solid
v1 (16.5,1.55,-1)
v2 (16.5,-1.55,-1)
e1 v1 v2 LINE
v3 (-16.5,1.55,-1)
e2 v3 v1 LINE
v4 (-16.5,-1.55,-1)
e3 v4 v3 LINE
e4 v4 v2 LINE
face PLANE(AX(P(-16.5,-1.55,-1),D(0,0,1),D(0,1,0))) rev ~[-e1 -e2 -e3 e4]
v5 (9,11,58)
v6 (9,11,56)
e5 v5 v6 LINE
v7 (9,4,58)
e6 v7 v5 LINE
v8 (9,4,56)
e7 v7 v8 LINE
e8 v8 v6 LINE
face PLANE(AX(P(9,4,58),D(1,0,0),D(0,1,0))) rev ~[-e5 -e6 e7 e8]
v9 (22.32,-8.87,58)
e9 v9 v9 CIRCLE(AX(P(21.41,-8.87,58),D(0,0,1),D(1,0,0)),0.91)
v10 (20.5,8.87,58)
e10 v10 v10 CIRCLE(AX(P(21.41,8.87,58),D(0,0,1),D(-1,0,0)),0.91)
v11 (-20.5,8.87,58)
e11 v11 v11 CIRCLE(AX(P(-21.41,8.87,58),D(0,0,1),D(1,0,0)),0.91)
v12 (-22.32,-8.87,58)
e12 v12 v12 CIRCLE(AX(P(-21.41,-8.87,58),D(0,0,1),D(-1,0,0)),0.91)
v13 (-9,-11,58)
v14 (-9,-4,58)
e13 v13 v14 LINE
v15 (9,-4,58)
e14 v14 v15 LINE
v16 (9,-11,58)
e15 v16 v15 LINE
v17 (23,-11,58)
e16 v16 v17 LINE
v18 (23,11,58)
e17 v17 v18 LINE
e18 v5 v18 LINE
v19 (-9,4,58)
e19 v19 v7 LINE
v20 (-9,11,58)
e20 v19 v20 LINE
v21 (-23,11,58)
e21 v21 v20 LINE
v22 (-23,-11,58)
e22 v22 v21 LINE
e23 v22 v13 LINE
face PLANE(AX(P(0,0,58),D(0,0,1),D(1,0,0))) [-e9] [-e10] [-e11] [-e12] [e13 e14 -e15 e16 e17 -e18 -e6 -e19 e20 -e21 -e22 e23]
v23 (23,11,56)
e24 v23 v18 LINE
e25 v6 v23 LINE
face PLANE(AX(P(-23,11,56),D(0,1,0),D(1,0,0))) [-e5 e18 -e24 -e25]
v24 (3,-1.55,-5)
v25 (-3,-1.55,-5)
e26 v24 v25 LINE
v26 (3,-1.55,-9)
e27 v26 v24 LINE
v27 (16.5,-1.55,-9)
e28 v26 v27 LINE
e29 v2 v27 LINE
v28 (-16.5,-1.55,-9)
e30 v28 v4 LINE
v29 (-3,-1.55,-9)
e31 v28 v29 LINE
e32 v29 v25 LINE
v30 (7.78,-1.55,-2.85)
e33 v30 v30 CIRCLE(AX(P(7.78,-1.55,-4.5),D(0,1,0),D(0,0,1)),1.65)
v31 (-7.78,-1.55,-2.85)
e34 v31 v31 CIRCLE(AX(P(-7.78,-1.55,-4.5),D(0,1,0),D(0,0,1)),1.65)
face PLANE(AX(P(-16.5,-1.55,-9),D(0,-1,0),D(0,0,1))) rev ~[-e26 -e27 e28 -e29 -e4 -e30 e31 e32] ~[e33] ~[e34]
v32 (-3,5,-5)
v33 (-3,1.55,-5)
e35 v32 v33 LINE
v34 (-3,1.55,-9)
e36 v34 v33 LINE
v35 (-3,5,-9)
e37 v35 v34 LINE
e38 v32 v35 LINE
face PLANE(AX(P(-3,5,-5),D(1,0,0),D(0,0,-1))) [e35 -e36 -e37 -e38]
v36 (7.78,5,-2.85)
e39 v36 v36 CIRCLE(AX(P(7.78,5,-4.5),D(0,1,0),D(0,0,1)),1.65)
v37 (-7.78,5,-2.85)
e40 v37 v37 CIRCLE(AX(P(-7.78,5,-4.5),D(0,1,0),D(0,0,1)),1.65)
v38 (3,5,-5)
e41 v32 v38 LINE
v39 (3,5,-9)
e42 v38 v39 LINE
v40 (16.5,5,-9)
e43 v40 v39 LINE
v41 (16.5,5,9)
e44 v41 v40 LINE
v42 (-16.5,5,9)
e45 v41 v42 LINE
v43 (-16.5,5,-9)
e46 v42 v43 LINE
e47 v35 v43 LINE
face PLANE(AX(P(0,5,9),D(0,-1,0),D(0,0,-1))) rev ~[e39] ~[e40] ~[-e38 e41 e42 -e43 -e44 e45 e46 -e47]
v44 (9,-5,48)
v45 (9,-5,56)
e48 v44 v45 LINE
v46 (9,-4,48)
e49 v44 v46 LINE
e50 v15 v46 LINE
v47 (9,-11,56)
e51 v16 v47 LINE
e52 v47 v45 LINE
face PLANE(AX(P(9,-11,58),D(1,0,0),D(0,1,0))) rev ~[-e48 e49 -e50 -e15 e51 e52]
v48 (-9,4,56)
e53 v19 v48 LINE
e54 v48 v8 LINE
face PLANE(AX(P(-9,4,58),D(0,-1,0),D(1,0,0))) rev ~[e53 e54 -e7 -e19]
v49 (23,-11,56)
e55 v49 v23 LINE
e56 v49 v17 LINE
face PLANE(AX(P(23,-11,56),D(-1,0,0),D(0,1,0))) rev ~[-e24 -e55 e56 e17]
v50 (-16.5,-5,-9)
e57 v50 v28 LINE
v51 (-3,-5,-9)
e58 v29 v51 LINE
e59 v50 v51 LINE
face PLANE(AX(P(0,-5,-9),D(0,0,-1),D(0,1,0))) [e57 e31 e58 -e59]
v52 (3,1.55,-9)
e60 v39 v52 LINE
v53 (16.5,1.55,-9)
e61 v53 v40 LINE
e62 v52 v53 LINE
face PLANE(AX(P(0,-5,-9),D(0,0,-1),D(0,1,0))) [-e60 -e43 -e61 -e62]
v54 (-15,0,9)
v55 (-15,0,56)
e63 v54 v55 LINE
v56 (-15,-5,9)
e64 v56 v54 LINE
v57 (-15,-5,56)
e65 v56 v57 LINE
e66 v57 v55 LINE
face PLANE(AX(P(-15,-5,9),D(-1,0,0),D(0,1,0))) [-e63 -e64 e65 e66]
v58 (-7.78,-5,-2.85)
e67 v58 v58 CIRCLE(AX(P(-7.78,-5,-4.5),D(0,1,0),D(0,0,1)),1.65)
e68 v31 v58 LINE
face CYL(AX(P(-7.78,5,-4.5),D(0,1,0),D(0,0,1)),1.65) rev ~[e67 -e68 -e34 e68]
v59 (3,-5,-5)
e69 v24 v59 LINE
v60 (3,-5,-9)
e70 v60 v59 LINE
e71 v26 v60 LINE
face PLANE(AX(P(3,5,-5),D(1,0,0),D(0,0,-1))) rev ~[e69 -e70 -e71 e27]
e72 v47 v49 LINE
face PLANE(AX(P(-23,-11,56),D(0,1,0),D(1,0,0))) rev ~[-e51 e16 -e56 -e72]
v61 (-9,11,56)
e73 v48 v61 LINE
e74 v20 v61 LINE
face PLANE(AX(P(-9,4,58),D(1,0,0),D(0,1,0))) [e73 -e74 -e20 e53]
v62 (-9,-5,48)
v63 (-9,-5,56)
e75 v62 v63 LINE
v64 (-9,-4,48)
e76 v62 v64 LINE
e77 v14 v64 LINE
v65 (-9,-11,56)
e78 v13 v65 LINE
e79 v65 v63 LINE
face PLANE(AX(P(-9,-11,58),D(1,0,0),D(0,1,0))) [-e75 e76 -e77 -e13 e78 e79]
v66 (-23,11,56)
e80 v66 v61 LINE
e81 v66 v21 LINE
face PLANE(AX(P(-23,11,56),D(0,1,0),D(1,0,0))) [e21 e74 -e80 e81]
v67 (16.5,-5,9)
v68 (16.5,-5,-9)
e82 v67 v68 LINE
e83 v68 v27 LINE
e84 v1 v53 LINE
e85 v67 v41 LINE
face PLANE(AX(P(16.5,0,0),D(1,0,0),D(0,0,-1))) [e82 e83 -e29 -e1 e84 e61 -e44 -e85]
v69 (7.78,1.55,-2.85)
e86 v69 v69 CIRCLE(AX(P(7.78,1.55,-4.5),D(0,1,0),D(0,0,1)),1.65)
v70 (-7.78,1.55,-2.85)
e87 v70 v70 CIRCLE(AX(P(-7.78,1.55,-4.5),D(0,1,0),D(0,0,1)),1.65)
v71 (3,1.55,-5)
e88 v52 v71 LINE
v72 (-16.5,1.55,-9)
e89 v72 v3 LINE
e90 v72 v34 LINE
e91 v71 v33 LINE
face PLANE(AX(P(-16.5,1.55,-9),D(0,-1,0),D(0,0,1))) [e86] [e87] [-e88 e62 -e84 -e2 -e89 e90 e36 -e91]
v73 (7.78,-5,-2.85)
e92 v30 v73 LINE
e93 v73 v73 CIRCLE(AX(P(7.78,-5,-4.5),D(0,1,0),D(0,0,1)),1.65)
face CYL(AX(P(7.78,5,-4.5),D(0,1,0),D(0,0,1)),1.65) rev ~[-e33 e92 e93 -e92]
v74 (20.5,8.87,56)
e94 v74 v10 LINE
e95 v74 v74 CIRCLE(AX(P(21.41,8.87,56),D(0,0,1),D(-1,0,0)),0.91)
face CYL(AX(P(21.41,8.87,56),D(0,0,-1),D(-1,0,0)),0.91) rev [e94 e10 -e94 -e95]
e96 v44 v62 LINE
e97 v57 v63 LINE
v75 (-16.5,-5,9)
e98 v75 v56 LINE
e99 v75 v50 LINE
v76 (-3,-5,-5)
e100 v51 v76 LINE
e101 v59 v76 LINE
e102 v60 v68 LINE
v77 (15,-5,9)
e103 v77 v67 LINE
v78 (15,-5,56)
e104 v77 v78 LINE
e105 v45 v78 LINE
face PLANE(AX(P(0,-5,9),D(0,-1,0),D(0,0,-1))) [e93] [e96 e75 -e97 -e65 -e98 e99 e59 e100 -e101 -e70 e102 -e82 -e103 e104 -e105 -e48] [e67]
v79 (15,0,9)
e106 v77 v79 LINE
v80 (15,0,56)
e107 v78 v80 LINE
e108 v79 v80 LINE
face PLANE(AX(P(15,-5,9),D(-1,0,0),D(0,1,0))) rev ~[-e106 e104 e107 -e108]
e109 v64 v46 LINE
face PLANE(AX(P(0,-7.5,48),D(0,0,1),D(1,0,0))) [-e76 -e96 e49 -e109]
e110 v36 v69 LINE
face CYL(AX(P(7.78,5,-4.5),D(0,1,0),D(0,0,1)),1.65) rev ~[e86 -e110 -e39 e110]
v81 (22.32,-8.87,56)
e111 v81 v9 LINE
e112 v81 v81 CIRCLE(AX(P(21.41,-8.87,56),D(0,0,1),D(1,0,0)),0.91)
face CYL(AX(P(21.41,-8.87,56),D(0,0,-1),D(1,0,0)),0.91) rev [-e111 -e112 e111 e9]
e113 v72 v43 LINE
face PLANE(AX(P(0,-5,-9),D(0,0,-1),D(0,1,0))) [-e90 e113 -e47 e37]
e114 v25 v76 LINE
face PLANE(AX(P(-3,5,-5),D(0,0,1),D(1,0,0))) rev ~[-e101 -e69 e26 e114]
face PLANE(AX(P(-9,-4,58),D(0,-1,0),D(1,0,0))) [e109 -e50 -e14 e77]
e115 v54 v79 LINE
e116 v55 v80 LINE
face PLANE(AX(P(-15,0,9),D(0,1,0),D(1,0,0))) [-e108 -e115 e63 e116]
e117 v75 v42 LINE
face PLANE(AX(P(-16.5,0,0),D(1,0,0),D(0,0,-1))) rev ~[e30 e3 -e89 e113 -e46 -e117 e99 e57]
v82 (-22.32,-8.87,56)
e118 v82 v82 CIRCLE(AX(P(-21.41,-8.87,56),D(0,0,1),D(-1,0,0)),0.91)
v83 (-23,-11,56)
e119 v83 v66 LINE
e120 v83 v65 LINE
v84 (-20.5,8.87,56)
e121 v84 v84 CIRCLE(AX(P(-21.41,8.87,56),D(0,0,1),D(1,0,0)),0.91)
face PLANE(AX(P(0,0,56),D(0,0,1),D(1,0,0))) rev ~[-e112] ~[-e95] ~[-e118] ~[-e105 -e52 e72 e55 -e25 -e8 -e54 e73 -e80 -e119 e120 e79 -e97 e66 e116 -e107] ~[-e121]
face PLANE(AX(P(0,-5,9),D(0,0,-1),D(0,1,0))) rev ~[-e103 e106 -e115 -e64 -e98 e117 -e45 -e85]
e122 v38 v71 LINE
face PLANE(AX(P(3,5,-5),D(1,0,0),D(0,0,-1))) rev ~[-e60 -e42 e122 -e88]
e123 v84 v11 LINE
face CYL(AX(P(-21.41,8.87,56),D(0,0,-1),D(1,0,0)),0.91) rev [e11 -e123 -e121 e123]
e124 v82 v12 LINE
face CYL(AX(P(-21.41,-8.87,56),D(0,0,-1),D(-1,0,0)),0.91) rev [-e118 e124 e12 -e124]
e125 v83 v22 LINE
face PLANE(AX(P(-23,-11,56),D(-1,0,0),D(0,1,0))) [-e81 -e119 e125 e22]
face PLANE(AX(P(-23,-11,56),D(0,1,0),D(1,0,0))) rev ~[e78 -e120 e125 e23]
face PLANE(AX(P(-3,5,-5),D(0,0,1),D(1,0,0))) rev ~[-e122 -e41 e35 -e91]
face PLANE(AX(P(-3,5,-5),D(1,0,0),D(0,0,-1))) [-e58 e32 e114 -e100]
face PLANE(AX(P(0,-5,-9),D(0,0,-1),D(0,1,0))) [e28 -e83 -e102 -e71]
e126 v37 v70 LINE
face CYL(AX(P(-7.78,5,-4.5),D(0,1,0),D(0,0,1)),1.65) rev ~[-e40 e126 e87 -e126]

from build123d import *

# Parameters (mm, degrees)
SKETCH_1_W          = 18
SKETCH_1_H          = 10
EXTRUDE_1_DEPTH     = 16.5
SKETCH_2_W          = 8
SKETCH_2_H          = 3.1
CUT_EXTRUDE_1_DEPTH = 40
SKETCH_3_R          = 1.65
CUT_EXTRUDE_2_DEPTH = 20
SKETCH_5_W          = 6
SKETCH_5_H          = 8
CUT_EXTRUDE_3_DEPTH = 20
SKETCH_6_W          = 30
SKETCH_6_H          = 5
EXTRUDE_2_DEPTH     = 47
SKETCH_7_W          = 46
SKETCH_7_H          = 22
SKETCH_7_R          = 0.91
EXTRUDE_3_DEPTH     = 2
SKETCH_8_W          = 18
SKETCH_8_H          = 7
CUT_EXTRUDE_4_DEPTH = 10


with BuildPart() as part:
    # 草图1 → 凸台-拉伸1 (new, symmetric)
    with BuildSketch(Plane(origin=(0, 0, 0), x_dir=(0, 0, -1), z_dir=(1, 0, 0))):
        Rectangle(SKETCH_1_W, SKETCH_1_H)
    extrude(amount=EXTRUDE_1_DEPTH, both=True)

    # 草图2 → 切除-拉伸1 (cut)
    with BuildSketch(Plane.ZY.offset(16.5)):
        with Locations((-5, 0)):
            Rectangle(SKETCH_2_W, SKETCH_2_H)
    extrude(amount=-CUT_EXTRUDE_1_DEPTH, mode=Mode.SUBTRACT)

    # 草图3 → 切除-拉伸2 (cut)
    with BuildSketch(Plane(origin=(0, 5, 0), x_dir=(1, 0, 0), z_dir=(0, 1, 0))):
        with Locations(Location((-7.78, 4.5, 0), (0, 0, 270))):
            Circle(SKETCH_3_R)
        with Locations(Location((7.78, 4.5, 0), (0, 0, 270))):
            Circle(SKETCH_3_R)
    extrude(amount=-CUT_EXTRUDE_2_DEPTH, mode=Mode.SUBTRACT)

    # 草图5 → 切除-拉伸3 (cut)
    with BuildSketch(Plane(origin=(0, 5, 0), x_dir=(1, 0, 0), z_dir=(0, 1, 0))):
        with Locations((0, 9)):
            Rectangle(SKETCH_5_W, SKETCH_5_H)
    extrude(amount=-CUT_EXTRUDE_3_DEPTH, mode=Mode.SUBTRACT)

    # 草图6 → 凸台-拉伸2 (add)
    with BuildSketch(Plane.XY.offset(9)):
        with Locations((0, -2.5)):
            Rectangle(SKETCH_6_W, SKETCH_6_H)
    extrude(amount=EXTRUDE_2_DEPTH)

    # 草图7 → 凸台-拉伸3 (add)
    with BuildSketch(Plane.XY.offset(56)):
        Rectangle(SKETCH_7_W, SKETCH_7_H)
        with Locations((-21.41, 8.87)):
            Circle(SKETCH_7_R, mode=Mode.SUBTRACT)
        with Locations(Location((21.41, 8.87, 0), (0, 0, 180))):
            Circle(SKETCH_7_R, mode=Mode.SUBTRACT)
        with Locations((21.41, -8.87)):
            Circle(SKETCH_7_R, mode=Mode.SUBTRACT)
        with Locations(Location((-21.41, -8.87, 0), (0, 0, 180))):
            Circle(SKETCH_7_R, mode=Mode.SUBTRACT)
    extrude(amount=EXTRUDE_3_DEPTH)

    # 草图8 → 切除-拉伸4 (cut)
    with BuildSketch(Plane.XY.offset(58)):
        with Locations((0, 7.5)):
            Rectangle(SKETCH_8_W, SKETCH_8_H)
        with Locations((0, -7.5)):
            Rectangle(SKETCH_8_W, SKETCH_8_H)
    extrude(amount=-CUT_EXTRUDE_4_DEPTH, mode=Mode.SUBTRACT)


solid = part.part
